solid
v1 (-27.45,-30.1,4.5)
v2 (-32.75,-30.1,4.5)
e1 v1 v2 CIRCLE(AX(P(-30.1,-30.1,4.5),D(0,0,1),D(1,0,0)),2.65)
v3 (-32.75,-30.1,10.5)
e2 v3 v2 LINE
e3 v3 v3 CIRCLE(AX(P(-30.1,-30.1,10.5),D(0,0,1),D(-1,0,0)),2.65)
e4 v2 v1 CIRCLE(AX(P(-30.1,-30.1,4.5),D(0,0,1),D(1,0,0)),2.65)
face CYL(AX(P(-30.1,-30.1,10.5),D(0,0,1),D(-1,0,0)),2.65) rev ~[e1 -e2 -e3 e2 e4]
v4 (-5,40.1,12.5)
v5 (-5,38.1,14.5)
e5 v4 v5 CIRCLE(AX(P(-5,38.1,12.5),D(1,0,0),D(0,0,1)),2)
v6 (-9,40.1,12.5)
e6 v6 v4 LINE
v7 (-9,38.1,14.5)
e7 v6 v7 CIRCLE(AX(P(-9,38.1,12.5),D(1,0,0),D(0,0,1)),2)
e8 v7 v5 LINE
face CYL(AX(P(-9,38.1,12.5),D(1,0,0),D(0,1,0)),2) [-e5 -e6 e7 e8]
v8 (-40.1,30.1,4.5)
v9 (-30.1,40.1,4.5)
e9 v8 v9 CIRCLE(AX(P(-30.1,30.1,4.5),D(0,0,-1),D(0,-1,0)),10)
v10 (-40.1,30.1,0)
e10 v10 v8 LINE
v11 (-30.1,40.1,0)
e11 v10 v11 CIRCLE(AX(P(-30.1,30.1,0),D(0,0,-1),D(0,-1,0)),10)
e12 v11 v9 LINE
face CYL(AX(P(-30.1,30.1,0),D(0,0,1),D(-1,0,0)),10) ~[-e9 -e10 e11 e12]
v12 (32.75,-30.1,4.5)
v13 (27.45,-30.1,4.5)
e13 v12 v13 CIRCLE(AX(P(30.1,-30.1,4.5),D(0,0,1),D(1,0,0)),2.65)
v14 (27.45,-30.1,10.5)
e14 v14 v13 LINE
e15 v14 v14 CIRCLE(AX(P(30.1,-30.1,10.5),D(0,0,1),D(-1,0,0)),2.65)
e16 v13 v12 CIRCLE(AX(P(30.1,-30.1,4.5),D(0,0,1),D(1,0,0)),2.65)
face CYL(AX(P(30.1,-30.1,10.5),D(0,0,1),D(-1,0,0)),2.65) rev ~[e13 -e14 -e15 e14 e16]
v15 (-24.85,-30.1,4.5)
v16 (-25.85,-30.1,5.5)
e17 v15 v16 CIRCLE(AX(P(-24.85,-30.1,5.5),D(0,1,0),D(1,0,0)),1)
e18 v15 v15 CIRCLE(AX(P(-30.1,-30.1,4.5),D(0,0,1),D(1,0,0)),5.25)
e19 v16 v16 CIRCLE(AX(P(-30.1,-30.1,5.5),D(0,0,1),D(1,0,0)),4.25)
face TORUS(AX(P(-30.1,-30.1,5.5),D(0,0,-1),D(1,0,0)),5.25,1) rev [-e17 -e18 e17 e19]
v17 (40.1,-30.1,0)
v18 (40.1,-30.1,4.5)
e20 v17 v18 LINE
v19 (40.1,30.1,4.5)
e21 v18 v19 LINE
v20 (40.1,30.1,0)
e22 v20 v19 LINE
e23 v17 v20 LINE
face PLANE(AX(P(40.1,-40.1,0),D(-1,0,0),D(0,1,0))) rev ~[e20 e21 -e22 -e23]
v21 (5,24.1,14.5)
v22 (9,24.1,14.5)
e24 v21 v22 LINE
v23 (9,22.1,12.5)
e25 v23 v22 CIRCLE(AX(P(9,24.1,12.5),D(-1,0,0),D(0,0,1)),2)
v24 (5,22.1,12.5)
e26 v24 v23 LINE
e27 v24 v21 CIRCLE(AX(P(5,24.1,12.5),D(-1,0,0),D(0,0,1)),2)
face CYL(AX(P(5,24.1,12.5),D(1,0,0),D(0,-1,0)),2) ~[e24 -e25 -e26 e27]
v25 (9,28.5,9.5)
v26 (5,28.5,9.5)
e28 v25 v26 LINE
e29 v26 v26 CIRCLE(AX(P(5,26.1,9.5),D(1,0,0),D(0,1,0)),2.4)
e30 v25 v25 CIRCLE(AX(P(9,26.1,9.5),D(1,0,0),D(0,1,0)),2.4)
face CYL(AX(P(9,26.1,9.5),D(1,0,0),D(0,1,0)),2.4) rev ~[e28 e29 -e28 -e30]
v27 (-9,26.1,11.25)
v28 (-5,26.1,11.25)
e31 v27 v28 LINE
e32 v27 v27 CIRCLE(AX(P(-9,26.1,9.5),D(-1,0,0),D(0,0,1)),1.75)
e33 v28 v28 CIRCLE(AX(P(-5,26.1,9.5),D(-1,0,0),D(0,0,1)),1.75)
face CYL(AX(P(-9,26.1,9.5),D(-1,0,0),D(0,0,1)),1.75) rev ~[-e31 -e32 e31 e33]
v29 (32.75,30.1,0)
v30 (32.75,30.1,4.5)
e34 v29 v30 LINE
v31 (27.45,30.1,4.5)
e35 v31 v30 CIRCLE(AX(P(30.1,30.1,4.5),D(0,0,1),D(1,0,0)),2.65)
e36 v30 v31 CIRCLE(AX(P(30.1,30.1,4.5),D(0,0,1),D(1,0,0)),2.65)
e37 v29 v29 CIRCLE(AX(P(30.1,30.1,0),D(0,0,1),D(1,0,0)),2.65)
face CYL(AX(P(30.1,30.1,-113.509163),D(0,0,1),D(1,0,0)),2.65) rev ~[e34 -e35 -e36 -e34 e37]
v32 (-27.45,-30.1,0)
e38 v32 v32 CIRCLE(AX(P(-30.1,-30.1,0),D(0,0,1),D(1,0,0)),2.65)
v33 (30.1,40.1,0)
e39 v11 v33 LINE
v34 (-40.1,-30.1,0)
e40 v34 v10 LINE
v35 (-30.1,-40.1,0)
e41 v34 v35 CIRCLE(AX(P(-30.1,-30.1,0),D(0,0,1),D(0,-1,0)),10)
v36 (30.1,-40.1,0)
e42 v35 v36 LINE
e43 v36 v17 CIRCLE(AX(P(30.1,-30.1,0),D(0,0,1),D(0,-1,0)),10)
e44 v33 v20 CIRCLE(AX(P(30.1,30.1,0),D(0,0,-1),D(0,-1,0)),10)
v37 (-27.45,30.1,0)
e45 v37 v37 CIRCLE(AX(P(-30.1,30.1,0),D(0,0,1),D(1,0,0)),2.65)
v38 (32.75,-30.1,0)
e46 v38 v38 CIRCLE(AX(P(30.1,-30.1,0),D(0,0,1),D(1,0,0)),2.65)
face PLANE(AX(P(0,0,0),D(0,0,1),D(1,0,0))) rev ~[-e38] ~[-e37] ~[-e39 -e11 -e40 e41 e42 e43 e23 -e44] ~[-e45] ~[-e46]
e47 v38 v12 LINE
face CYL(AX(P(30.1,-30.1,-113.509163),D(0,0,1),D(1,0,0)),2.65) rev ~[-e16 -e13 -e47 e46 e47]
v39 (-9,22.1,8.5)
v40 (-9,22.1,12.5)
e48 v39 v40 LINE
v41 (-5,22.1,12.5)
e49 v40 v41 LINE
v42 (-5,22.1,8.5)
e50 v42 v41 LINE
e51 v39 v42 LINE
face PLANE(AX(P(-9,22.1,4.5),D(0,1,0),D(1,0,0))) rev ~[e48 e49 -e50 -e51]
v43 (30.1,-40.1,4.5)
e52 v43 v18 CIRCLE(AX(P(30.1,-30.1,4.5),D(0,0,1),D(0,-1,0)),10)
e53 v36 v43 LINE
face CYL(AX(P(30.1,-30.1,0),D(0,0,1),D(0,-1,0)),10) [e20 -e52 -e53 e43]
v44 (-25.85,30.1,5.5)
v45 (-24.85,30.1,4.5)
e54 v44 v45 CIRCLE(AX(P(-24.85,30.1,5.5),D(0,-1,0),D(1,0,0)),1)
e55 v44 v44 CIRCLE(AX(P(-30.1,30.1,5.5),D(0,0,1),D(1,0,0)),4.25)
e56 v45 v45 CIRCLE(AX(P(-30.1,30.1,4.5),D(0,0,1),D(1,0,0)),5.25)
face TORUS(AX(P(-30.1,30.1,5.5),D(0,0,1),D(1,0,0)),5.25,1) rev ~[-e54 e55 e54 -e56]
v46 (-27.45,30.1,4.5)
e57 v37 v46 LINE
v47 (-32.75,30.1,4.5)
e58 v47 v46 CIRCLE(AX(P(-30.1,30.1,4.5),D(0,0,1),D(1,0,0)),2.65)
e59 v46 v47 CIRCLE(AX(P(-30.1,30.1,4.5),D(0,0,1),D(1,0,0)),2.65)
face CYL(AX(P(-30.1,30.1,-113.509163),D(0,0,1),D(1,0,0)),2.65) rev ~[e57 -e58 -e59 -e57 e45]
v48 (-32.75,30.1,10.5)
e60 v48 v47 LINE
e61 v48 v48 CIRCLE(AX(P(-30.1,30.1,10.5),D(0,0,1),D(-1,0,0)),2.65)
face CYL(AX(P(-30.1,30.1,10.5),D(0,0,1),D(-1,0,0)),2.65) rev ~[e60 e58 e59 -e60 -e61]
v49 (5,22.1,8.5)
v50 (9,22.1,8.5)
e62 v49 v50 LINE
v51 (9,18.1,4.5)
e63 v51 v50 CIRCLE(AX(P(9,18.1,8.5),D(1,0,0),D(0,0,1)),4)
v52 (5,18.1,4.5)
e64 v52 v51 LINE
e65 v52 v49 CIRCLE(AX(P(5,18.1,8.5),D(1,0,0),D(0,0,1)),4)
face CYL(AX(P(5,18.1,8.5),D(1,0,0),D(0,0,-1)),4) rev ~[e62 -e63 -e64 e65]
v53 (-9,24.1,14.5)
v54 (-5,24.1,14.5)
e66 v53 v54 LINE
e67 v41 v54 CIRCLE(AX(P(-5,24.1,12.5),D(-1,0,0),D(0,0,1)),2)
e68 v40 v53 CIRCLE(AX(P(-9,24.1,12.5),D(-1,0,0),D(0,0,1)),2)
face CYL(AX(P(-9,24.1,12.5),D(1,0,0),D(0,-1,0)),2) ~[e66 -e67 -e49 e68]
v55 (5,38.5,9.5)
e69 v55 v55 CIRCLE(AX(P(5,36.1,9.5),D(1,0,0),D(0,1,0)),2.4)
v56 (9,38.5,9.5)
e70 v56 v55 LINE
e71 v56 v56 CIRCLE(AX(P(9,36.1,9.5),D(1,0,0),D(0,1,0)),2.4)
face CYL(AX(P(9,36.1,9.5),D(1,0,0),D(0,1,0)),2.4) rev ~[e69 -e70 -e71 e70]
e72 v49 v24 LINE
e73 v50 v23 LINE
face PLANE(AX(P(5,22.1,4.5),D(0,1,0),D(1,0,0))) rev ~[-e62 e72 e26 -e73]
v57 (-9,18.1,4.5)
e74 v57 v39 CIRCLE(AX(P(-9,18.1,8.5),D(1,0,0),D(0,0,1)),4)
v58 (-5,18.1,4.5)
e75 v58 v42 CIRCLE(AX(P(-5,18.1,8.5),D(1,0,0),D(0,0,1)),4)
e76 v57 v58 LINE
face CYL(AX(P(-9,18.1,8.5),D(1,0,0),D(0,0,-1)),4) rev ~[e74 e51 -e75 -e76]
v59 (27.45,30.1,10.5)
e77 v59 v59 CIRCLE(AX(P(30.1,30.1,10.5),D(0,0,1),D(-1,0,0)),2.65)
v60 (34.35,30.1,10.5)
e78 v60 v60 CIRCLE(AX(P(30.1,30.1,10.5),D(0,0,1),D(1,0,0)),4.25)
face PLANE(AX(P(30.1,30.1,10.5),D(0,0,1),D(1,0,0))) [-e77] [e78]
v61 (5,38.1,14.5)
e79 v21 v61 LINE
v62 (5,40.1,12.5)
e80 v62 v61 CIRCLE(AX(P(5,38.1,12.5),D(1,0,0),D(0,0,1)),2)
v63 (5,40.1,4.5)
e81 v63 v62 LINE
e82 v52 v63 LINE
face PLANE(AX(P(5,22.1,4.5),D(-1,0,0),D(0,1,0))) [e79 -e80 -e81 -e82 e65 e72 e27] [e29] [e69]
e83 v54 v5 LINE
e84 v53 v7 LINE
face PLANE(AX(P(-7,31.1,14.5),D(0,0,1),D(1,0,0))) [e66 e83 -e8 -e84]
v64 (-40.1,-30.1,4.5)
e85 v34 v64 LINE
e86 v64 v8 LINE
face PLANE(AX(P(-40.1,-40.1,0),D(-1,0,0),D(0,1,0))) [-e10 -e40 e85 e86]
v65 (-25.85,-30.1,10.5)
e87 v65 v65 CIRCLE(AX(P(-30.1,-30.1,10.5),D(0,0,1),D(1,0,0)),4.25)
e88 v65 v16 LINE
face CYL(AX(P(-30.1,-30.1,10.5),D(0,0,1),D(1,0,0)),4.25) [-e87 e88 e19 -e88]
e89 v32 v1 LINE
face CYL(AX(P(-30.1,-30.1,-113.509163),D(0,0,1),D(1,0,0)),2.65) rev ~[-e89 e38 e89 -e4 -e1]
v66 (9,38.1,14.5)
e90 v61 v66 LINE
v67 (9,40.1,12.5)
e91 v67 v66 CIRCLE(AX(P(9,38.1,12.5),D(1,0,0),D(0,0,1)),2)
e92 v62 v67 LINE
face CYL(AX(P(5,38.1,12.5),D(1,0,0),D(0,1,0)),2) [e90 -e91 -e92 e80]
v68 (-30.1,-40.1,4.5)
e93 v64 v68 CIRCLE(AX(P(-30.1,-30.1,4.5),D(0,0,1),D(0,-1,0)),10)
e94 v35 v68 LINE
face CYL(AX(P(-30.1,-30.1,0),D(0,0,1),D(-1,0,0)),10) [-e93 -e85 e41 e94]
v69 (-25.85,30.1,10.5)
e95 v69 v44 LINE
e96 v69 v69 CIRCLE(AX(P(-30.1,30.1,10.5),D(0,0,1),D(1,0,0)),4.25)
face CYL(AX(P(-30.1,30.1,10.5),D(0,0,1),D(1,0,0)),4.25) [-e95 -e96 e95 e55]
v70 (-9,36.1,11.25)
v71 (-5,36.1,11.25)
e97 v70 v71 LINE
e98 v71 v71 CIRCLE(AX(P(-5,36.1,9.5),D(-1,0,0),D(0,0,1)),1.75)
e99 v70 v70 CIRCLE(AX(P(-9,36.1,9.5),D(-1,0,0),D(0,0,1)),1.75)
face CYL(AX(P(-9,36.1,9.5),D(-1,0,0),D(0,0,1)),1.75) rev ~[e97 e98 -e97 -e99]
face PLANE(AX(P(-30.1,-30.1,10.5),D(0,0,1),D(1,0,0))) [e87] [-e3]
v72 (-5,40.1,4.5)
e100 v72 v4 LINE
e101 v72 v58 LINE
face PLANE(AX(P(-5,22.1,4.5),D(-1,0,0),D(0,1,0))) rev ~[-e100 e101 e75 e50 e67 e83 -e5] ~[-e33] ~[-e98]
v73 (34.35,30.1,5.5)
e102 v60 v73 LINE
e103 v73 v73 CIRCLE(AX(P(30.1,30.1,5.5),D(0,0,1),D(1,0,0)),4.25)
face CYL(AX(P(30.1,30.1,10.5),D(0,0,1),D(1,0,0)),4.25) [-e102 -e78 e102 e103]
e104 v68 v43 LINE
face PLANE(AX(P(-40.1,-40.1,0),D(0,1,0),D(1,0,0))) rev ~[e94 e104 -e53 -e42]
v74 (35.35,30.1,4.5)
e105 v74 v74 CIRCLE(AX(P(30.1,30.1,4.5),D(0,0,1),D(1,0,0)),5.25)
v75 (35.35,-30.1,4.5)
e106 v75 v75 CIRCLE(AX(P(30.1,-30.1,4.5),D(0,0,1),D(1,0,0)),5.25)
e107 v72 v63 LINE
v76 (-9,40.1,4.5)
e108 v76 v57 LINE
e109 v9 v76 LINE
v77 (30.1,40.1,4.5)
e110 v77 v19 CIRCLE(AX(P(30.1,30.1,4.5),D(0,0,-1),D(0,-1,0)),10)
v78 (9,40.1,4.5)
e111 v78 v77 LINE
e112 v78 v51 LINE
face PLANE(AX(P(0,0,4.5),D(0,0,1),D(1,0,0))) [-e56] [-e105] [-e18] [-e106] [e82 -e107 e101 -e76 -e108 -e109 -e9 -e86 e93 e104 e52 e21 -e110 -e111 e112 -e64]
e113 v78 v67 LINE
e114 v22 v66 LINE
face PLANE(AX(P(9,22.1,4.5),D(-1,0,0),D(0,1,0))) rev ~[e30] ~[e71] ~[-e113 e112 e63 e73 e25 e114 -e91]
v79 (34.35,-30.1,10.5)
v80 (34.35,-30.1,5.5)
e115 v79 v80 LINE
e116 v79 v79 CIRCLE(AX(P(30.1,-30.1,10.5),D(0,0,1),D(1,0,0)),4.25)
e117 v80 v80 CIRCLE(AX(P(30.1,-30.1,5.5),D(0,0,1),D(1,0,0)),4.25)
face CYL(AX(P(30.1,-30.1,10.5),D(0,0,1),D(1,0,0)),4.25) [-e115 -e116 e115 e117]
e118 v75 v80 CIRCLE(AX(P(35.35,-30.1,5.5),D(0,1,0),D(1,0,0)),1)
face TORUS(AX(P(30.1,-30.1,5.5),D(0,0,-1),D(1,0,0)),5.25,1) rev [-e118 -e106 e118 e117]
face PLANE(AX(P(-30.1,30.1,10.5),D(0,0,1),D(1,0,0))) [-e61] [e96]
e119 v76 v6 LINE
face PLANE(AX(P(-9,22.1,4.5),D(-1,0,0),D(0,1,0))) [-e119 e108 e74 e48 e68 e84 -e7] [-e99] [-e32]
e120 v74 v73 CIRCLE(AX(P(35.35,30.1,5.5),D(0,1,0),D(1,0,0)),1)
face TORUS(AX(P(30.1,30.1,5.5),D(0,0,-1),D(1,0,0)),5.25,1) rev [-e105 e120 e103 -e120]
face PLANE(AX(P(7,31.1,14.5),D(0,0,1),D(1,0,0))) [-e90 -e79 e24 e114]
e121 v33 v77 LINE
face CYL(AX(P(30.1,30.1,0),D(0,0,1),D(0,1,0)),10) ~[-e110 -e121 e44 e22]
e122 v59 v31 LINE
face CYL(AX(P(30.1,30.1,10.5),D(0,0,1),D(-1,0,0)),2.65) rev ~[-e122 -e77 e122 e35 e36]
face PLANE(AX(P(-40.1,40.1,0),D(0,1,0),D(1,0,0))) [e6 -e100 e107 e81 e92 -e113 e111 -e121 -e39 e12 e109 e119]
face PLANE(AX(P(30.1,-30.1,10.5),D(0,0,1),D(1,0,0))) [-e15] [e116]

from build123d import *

# Parameters (mm, degrees)
SKETCH1_W            = 80.2
SKETCH1_H            = 80.2
BOSS_EXTRUDE1_DEPTH  = 4.5
M5_CLEARANCE_HOLE1_D = 5.3
FILLET1_R            = 10
SKETCH3_W            = 4
SKETCH3_H            = 18
BOSS_EXTRUDE2_DEPTH  = 10
CUT_EXTRUDE1_REACH   = 67.031
SKETCH5_R            = 2.4
CUT_EXTRUDE2_REACH   = 67.031
SKETCH6_R            = 1.75
FILLET2_R            = 2
FILLET3_R            = 4
BOSS_EXTRUDE3_START  = 6
SKETCH7_R            = 4.25
SKETCH7_R_2          = 2.65
BOSS_EXTRUDE3_DEPTH  = 6
FILLET5_R            = 1


with BuildPart() as part:
    # Sketch1 → Boss-Extrude1 (new body)
    with BuildSketch(Plane.XY):
        Rectangle(SKETCH1_W, SKETCH1_H)
    extrude(amount=BOSS_EXTRUDE1_DEPTH)

    # M5 Clearance Hole1 (through all)
    with Locations(Plane(origin=(30.1, 30.1, 0), x_dir=(-1, 0, 0), z_dir=(0, 0, -1))):
        with Locations((0, 0), (60.2, 0), (60.2, -60.2), (0, -60.2)):
            Hole(M5_CLEARANCE_HOLE1_D / 2)

    # Fillet1
    fillet1_edges = [part.edges().sort_by_distance(p)[0] for p in [
        (-40.1, -40.1, 2.25),
        (-40.1, 40.1, 2.25),
        (40.1, 40.1, 2.25),
        (40.1, -40.1, 2.25),
    ]]
    fillet(fillet1_edges, radius=FILLET1_R)

    # Sketch3 → Boss-Extrude2 (add)
    with BuildSketch(Plane.XY.offset(4.5)):
        with Locations((-7, 31.1)):
            Rectangle(SKETCH3_W, SKETCH3_H)
        with Locations((7, 31.1)):
            Rectangle(SKETCH3_W, SKETCH3_H)
    extrude(amount=BOSS_EXTRUDE2_DEPTH)

    # Sketch5 → Cut-Extrude1 (cut, up to next)
    with BuildSketch(Plane(origin=(9, 0, 0), x_dir=(0, 0, -1), z_dir=(1, 0, 0)), mode=Mode.PRIVATE) as cut_extrude1_sk1:
        with Locations(Location((-9.5, 36.1, 0), (0, 0, 90))):
            Circle(SKETCH5_R)
    cut_extrude1_tool1 = extrude(cut_extrude1_sk1.sketch, amount=-CUT_EXTRUDE1_REACH, mode=Mode.PRIVATE) & part.part
    # Sketch5 → Cut-Extrude1 (cut, up to next)
    with BuildSketch(Plane(origin=(9, 0, 0), x_dir=(0, 0, -1), z_dir=(1, 0, 0)), mode=Mode.PRIVATE) as cut_extrude1_sk2:
        with Locations(Location((-9.5, 26.1, 0), (0, 0, 90))):
            Circle(SKETCH5_R)
    cut_extrude1_tool2 = extrude(cut_extrude1_sk2.sketch, amount=-CUT_EXTRUDE1_REACH, mode=Mode.PRIVATE) & part.part
    add(cut_extrude1_tool1.solids().sort_by_distance((9, 36.1, 9.5))[0], mode=Mode.SUBTRACT)
    add(cut_extrude1_tool2.solids().sort_by_distance((9, 26.1, 9.5))[0], mode=Mode.SUBTRACT)

    # Sketch6 → Cut-Extrude2 (cut, up to next)
    with BuildSketch(Plane.ZY.offset(9), mode=Mode.PRIVATE) as cut_extrude2_sk1:
        with Locations((9.5, 36.1)):
            Circle(SKETCH6_R)
    cut_extrude2_tool1 = extrude(cut_extrude2_sk1.sketch, amount=-CUT_EXTRUDE2_REACH, mode=Mode.PRIVATE) & part.part
    # Sketch6 → Cut-Extrude2 (cut, up to next)
    with BuildSketch(Plane.ZY.offset(9), mode=Mode.PRIVATE) as cut_extrude2_sk2:
        with Locations((9.5, 26.1)):
            Circle(SKETCH6_R)
    cut_extrude2_tool2 = extrude(cut_extrude2_sk2.sketch, amount=-CUT_EXTRUDE2_REACH, mode=Mode.PRIVATE) & part.part
    add(cut_extrude2_tool1.solids().sort_by_distance((-9, 36.1, 9.5))[0], mode=Mode.SUBTRACT)
    add(cut_extrude2_tool2.solids().sort_by_distance((-9, 26.1, 9.5))[0], mode=Mode.SUBTRACT)

    # Fillet2
    fillet2_edges = [part.edges().sort_by_distance(p)[0] for p in [
        (-7, 22.1, 14.5),
        (-7, 40.1, 14.5),
        (7, 40.1, 14.5),
        (7, 22.1, 14.5),
    ]]
    fillet(fillet2_edges, radius=FILLET2_R)

    # Fillet3
    fillet3_edges = [part.edges().sort_by_distance(p)[0] for p in [
        (-7, 22.1, 4.5),
        (7, 22.1, 4.5),
    ]]
    fillet(fillet3_edges, radius=FILLET3_R)

    # Sketch7 → Boss-Extrude3 (add)
    # profile 1 of 4: a face of its own
    with BuildSketch(Plane.XY.offset(4.5).offset(BOSS_EXTRUDE3_START)):
        with Locations((-30.1, 30.1)):
            Circle(SKETCH7_R)
        with Locations(Location((-30.1, 30.1, 0), (0, 0, 180))):
            Circle(SKETCH7_R_2, mode=Mode.SUBTRACT)
    # profile 2 of 4: a face of its own
    with BuildSketch(Plane.XY.offset(4.5).offset(BOSS_EXTRUDE3_START)):
        with Locations((30.1, 30.1)):
            Circle(SKETCH7_R)
        with Locations(Location((30.1, 30.1, 0), (0, 0, 180))):
            Circle(SKETCH7_R_2, mode=Mode.SUBTRACT)
    # profile 3 of 4: a face of its own
    with BuildSketch(Plane.XY.offset(4.5).offset(BOSS_EXTRUDE3_START)):
        with Locations((30.1, -30.1)):
            Circle(SKETCH7_R)
        with Locations(Location((30.1, -30.1, 0), (0, 0, 180))):
            Circle(SKETCH7_R_2, mode=Mode.SUBTRACT)
    # profile 4 of 4: a face of its own
    with BuildSketch(Plane.XY.offset(4.5).offset(BOSS_EXTRUDE3_START)):
        with Locations((-30.1, -30.1)):
            Circle(SKETCH7_R)
        with Locations(Location((-30.1, -30.1, 0), (0, 0, 180))):
            Circle(SKETCH7_R_2, mode=Mode.SUBTRACT)
    extrude(amount=-BOSS_EXTRUDE3_DEPTH)

    # Fillet5
    fillet5_edges = [part.edges().sort_by_distance(p)[0] for p in [
        (-34.35, 30.1, 4.5),
        (25.85, 30.1, 4.5),
        (25.85, -30.1, 4.5),
        (-34.35, -30.1, 4.5),
    ]]
    fillet(fillet5_edges, radius=FILLET5_R)


solid = part.part
